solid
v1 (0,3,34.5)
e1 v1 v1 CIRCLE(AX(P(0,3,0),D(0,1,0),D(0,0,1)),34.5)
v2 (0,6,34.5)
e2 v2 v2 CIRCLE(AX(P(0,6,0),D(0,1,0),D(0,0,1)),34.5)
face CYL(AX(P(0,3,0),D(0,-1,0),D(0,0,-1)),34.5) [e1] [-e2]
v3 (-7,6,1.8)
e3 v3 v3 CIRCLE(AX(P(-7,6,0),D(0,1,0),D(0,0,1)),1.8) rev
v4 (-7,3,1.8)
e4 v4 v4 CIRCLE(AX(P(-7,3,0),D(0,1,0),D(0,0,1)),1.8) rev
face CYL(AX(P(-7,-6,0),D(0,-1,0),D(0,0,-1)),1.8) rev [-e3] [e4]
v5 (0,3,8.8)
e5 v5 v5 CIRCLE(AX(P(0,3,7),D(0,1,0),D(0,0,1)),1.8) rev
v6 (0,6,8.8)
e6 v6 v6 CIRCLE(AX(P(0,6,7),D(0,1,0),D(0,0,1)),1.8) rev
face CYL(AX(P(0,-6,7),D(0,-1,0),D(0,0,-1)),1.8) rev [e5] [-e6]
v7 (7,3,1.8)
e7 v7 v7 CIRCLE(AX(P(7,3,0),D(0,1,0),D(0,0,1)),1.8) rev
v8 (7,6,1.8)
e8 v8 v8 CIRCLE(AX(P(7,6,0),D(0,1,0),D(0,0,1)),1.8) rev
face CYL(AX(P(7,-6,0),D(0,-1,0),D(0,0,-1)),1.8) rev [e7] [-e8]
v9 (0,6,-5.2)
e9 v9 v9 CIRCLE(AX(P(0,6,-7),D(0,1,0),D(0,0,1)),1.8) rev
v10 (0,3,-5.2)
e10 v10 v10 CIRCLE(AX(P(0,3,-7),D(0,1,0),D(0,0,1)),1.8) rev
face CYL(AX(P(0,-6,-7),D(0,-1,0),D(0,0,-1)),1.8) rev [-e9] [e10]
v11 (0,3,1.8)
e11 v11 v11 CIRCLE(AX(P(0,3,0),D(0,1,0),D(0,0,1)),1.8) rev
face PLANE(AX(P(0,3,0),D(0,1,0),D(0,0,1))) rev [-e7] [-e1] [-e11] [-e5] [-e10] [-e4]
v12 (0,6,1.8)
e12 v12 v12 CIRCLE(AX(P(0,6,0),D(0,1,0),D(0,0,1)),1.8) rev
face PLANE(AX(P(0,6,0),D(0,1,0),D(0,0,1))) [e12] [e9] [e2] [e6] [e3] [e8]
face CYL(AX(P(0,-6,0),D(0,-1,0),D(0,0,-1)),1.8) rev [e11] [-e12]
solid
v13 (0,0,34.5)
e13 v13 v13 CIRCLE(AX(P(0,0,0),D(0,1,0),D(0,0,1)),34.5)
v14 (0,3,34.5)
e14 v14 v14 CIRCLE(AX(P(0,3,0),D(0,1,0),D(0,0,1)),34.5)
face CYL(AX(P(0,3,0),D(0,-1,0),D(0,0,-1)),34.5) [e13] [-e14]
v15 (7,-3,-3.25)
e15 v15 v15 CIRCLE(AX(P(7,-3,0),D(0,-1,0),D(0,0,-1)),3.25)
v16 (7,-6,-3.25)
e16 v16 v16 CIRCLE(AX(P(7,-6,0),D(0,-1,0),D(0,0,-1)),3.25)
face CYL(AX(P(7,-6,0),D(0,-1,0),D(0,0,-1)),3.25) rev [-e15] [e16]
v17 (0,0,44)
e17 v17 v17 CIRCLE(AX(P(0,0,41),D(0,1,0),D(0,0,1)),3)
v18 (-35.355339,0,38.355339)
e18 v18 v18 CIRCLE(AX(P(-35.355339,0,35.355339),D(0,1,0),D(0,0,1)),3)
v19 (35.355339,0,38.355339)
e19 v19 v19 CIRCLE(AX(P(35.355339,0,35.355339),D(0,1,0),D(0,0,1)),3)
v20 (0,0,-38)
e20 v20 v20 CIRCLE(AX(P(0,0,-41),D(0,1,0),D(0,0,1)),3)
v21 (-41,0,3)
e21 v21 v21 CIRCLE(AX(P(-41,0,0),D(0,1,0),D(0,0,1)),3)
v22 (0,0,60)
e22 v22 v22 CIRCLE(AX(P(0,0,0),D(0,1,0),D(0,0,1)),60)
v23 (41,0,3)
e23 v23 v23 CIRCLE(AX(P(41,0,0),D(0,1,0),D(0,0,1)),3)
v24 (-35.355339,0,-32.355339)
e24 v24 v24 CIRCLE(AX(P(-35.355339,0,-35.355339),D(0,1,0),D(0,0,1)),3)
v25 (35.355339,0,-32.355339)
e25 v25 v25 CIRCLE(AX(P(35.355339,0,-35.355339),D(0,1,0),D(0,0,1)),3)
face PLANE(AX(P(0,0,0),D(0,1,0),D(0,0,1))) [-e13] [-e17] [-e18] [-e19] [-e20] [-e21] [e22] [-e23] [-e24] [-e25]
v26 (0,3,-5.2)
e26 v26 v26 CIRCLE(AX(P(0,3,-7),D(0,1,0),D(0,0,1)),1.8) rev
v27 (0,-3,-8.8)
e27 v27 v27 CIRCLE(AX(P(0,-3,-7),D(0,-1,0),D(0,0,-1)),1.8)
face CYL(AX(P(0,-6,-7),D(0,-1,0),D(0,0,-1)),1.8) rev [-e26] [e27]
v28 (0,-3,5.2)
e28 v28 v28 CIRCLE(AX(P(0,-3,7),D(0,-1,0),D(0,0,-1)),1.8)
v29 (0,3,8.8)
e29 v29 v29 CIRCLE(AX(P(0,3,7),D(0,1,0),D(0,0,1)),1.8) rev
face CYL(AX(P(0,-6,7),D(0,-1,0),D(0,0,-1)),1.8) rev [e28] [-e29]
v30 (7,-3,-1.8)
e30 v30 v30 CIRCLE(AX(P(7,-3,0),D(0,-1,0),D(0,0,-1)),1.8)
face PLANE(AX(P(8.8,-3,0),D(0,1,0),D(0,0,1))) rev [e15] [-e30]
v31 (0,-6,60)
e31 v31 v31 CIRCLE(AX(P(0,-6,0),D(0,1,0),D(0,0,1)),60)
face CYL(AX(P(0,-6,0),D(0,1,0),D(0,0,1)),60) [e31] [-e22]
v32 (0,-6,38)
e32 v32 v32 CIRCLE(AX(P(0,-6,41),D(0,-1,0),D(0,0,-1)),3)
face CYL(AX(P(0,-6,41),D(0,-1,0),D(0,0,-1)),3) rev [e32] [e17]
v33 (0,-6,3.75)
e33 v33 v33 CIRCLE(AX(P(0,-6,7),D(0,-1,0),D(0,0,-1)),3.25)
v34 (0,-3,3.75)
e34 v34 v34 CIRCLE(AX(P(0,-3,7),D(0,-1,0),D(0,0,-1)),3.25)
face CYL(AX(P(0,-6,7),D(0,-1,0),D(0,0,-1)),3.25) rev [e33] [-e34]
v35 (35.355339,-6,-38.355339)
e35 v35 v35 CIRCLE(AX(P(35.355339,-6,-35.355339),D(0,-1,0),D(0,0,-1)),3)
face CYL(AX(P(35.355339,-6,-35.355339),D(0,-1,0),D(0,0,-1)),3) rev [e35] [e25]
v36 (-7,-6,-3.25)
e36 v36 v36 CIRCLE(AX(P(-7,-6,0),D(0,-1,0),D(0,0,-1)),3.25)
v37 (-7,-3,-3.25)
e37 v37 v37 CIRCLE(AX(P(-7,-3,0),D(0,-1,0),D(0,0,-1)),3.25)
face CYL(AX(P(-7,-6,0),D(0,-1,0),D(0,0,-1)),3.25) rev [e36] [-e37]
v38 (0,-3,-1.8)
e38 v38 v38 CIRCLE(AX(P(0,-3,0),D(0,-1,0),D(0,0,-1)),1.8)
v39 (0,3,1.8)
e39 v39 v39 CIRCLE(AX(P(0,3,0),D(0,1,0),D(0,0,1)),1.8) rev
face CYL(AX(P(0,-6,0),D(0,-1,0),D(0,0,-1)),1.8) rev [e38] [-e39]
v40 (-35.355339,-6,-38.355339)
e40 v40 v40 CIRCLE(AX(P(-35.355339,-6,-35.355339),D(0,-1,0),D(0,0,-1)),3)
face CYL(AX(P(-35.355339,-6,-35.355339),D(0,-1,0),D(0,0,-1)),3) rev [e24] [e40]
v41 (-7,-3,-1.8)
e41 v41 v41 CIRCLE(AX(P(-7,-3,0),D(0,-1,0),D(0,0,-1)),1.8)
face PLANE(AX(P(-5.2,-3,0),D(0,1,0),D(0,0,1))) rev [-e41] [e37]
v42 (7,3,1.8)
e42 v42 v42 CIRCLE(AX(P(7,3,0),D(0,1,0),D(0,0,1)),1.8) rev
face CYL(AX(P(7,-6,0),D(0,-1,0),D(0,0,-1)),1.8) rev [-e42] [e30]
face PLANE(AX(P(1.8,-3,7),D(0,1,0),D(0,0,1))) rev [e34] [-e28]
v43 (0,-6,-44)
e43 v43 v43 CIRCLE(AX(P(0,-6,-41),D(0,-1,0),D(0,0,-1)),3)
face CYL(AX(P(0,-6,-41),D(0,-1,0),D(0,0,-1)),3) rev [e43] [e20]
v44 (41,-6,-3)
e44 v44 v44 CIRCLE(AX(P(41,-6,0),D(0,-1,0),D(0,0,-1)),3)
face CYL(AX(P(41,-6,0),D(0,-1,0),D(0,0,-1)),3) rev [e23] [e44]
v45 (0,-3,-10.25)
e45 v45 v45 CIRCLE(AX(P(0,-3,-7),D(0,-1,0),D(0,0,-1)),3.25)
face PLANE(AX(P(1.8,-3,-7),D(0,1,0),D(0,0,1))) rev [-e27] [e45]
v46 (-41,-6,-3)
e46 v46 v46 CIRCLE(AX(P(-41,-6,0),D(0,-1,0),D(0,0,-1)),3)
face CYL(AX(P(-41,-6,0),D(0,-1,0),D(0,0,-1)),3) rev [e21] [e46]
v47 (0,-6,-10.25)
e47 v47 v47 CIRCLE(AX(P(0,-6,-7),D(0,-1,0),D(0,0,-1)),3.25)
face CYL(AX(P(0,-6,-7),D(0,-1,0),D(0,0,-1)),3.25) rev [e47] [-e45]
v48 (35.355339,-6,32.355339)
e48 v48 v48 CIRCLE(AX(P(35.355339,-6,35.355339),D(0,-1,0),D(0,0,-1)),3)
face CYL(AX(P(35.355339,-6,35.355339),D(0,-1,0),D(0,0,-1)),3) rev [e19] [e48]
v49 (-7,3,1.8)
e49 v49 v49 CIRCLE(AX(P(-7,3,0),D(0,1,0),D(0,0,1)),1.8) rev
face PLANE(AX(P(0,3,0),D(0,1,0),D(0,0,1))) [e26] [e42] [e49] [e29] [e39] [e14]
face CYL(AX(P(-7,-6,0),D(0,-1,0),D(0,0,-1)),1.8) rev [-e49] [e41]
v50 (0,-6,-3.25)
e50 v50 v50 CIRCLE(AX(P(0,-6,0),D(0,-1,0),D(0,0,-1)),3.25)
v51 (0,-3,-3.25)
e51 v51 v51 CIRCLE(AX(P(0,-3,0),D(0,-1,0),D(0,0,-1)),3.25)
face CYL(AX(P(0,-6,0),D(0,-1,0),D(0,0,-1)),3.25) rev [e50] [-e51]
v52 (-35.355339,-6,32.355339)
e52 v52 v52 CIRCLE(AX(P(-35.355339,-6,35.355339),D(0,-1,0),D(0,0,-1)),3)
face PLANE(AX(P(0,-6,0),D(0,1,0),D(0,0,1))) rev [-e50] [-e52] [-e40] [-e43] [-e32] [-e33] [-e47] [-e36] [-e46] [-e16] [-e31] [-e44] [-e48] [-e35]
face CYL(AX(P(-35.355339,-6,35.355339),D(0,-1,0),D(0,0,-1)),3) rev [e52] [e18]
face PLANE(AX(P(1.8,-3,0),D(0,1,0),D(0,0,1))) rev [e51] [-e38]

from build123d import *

# Parameters (mm, degrees)
SKETCH1_R                      = 60
BOSS_EXTRUDE1_DEPTH            = 6
SKETCH3_R                      = 34.5
BOSS_EXTRUDE3_DEPTH            = 3
F_6_0_6_DIAMETER_HOLE1_D       = 6
F_6_0_6_DIAMETER_HOLE2_D       = 6
CBORE_FOR_M3_SHCS1_D           = 3.6
CBORE_FOR_M3_SHCS1_CBORE_D     = 6.5
CBORE_FOR_M3_SHCS1_CBORE_DEPTH = 3
MOVE_FACE1_BY                  = 3


with BuildPart() as part:
    # Sketch1 → Boss-Extrude1 (new body)
    with BuildSketch(Plane(origin=(0, 0, 0), x_dir=(1, 0, 0), z_dir=(0, 1, 0))):
        Circle(SKETCH1_R)
    extrude(amount=-BOSS_EXTRUDE1_DEPTH)

    # Sketch3 → Boss-Extrude3 (add)
    with BuildSketch(Plane(origin=(0, 0, 0), x_dir=(1, 0, 0), z_dir=(0, 1, 0))):
        Circle(SKETCH3_R)
    extrude(amount=BOSS_EXTRUDE3_DEPTH)

    # Ø6.0 (6) Diameter Hole1 (through all)
    with Locations(Plane(origin=(0, -6, 0), x_dir=(-1, 0, 0), z_dir=(0, -1, 0))):
        with Locations((0, 41), (0, -41), (41, 0), (-41, 0)):
            Hole(F_6_0_6_DIAMETER_HOLE1_D / 2)

    # Ø6.0 (6) Diameter Hole2 (through all)
    with Locations(Plane(origin=(0, -6, 0), x_dir=(-1, 0, 0), z_dir=(0, -1, 0))):
        with Locations((-35.355339059, 35.355339059), (35.355339059, -35.355339059), (-35.355339059, -35.355339059), (35.355339059, 35.355339059)):
            Hole(F_6_0_6_DIAMETER_HOLE2_D / 2)

    # CBORE for M3 SHCS1 (through all)
    with Locations(Plane(origin=(0, -6, 0), x_dir=(-1, 0, 0), z_dir=(0, -1, 0))):
        with Locations((0, 0), (0, 7), (0, -7), (-7, 0), (7, 0)):
            CounterBoreHole(CBORE_FOR_M3_SHCS1_D / 2, CBORE_FOR_M3_SHCS1_CBORE_D / 2, CBORE_FOR_M3_SHCS1_CBORE_DEPTH)

    # Move Face1: a face moved outward by 3.0
    extrude(part.faces().sort_by_distance((0, 3, 17.25))[0], amount=MOVE_FACE1_BY, dir=(0, 1, 0))


with BuildPart() as body_2:
    # Split1: the piece on the far side of the plane
    add(part.part)
    split(bisect_by=Plane.ZX.offset(3), keep=Keep.BOTTOM)


with BuildPart() as part_1:
    add(part.part)

    # Split1
    split(bisect_by=Plane.ZX.offset(3), keep=Keep.TOP)


solid = Compound([body_2.part, part_1.part])
